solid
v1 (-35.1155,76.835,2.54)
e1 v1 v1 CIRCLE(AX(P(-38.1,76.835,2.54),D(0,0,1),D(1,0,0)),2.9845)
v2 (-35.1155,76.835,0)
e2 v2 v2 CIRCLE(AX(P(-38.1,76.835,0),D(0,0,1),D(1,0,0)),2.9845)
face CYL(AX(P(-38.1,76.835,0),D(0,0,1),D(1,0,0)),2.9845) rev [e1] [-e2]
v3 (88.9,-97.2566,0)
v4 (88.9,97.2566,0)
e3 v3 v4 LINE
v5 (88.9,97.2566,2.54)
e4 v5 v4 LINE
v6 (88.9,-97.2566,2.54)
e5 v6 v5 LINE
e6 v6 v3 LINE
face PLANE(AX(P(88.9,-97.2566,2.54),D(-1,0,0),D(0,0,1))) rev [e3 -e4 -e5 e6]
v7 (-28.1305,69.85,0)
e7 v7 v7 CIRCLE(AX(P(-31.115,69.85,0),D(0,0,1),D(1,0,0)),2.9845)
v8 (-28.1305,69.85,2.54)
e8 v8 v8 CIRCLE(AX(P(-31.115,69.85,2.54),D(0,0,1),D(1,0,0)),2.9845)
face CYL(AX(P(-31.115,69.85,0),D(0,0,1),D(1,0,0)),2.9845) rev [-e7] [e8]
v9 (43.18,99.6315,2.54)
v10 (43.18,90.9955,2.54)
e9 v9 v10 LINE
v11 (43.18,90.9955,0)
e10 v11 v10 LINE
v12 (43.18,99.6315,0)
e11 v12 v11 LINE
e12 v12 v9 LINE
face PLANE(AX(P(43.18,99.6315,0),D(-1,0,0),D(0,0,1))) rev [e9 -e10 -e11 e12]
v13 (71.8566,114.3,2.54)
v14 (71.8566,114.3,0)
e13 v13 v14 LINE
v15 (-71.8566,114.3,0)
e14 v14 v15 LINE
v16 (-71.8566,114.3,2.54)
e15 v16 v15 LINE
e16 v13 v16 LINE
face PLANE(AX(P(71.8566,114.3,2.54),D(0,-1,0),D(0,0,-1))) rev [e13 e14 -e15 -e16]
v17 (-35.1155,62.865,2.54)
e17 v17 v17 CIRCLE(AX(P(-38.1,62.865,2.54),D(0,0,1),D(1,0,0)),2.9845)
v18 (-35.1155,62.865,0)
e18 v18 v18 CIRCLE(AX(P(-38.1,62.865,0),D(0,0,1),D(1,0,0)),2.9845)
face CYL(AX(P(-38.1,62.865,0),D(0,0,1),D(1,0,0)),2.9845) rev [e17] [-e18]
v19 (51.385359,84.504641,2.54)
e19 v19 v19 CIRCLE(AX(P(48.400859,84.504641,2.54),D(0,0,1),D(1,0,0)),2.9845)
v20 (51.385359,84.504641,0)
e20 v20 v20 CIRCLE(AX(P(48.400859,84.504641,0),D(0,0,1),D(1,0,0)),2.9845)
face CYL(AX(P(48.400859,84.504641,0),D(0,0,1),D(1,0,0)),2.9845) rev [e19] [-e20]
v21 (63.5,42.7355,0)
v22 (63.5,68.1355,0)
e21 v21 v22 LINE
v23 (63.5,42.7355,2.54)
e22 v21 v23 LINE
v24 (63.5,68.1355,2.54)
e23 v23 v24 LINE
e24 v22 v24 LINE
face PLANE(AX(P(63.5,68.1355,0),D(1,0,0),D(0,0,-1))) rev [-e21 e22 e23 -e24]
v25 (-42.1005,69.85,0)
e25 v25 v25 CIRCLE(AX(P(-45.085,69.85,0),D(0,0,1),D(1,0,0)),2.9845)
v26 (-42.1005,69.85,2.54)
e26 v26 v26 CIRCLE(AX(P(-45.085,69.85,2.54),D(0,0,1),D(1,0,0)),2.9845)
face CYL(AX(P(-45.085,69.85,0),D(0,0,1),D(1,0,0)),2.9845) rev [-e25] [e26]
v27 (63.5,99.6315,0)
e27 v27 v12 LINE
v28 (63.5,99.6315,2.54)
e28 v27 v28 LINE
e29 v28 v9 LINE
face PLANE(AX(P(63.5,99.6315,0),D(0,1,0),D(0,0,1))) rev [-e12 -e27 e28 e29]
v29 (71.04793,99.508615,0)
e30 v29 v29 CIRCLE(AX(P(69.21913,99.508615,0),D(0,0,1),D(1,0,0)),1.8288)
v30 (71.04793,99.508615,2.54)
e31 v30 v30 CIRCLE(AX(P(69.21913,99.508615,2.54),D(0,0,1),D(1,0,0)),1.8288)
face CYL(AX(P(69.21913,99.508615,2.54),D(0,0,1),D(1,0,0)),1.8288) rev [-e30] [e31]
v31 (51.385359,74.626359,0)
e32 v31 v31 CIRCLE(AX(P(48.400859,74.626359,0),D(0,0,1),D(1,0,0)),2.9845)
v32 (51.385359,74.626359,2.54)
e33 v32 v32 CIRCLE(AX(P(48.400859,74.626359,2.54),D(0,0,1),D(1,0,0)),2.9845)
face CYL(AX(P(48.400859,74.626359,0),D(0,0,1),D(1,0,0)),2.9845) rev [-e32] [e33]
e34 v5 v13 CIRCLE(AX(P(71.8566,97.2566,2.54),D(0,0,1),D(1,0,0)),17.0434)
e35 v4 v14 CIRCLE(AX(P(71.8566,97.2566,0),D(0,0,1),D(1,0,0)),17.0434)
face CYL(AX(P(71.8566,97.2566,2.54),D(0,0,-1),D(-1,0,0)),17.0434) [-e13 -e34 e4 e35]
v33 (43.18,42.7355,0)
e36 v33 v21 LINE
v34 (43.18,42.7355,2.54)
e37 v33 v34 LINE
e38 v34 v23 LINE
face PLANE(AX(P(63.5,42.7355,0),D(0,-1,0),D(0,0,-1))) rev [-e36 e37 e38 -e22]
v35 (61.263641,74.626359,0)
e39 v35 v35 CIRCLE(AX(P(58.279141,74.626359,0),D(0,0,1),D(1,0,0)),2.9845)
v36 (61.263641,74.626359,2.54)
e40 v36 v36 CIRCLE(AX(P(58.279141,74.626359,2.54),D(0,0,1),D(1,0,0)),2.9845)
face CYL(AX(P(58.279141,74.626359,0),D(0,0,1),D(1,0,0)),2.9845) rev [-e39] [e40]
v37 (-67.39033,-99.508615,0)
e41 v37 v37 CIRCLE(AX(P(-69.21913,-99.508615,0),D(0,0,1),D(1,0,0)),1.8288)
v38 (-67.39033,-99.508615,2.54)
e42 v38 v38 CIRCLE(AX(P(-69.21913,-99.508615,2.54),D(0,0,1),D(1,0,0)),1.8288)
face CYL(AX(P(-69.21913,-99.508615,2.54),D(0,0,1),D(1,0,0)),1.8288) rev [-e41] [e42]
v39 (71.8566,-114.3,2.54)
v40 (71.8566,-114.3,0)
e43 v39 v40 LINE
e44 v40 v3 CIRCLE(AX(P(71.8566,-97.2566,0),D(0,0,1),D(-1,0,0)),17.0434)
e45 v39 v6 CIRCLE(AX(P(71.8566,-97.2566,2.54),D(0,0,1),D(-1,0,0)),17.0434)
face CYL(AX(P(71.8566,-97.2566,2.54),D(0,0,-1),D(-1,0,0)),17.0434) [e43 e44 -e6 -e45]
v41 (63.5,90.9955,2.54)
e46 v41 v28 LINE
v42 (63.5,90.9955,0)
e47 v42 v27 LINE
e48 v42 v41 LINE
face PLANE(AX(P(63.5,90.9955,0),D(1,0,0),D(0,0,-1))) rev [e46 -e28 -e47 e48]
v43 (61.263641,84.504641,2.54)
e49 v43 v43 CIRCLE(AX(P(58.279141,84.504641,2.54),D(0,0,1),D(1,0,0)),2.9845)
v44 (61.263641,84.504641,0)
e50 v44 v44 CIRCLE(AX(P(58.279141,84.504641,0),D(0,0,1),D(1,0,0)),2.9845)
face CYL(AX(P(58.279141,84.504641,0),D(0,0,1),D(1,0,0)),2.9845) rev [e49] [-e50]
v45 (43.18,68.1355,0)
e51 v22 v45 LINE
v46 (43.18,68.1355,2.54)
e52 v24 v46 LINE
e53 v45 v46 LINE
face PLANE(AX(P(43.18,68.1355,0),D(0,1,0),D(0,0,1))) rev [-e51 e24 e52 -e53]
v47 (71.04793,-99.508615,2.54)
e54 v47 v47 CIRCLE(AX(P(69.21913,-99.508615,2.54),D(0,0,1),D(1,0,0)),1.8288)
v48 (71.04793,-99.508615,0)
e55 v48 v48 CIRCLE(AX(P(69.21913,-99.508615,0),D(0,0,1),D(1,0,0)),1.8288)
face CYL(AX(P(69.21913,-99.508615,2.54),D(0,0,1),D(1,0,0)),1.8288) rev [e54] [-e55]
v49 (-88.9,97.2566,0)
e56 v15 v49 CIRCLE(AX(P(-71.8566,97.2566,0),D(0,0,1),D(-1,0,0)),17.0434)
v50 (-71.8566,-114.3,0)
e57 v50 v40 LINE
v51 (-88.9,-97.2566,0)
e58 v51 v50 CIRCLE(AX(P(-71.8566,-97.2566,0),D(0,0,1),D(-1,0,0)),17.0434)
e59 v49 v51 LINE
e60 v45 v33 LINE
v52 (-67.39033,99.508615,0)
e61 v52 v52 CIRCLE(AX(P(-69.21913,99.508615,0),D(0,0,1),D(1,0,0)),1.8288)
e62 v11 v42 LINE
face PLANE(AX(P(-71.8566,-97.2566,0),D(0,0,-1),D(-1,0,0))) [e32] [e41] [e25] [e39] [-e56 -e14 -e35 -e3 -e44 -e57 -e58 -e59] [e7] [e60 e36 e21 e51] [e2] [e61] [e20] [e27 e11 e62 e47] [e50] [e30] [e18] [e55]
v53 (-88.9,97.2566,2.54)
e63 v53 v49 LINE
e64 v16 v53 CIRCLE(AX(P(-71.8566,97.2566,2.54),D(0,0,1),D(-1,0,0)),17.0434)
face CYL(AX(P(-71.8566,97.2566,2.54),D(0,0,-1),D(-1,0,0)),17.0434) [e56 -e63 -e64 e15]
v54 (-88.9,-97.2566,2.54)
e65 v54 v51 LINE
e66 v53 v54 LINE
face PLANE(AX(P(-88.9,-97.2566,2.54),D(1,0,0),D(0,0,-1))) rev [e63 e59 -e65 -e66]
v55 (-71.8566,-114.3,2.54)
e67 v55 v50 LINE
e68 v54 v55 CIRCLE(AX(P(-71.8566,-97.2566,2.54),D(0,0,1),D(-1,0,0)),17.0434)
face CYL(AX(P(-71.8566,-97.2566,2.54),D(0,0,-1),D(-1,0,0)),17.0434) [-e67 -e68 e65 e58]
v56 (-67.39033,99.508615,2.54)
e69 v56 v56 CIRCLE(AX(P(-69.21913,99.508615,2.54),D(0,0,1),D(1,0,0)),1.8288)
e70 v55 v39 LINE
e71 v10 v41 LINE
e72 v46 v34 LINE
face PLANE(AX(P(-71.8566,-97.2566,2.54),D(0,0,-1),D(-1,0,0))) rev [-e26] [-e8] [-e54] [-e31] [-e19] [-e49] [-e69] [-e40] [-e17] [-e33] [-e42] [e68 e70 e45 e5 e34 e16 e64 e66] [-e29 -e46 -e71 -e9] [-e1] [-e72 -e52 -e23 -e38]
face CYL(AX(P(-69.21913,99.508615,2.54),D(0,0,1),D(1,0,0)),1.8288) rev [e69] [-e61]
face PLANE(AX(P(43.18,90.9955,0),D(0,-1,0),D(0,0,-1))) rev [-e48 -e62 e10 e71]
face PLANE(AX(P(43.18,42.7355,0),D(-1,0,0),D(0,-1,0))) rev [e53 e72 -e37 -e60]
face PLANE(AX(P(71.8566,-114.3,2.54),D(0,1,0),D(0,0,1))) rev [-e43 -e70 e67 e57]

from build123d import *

# Parameters (mm, degrees)
BOSS_EXTRUDE1_DEPTH         = 2.54
SKETCH6_R                   = 2.9845
SKETCH6_W                   = 20.32
SKETCH6_H                   = 25.4
SKETCH6_H_2                 = 8.636
CUT_EXTRUDE1_DEPTH          = 3.54
F_27_0_144_DIAMETER_HOLE1_D = 3.6576


with BuildPart() as part:
    # Sketch1 → Boss-Extrude1 (new body)
    with BuildSketch(Plane(origin=(0, 0, 0), x_dir=(0, 1, 0), z_dir=(0, 0, 1))):
        with BuildLine():
            Line((-97.2566, -88.9), (97.2566, -88.9))
            ThreePointArc((97.2566, -88.9), (109.308103714, -83.908103714), (114.3, -71.8566))
            Line((114.3, -71.8566), (114.3, 71.8566))
            ThreePointArc((114.3, 71.8566), (109.308103714, 83.908103714), (97.2566, 88.9))
            Line((97.2566, 88.9), (-97.2566, 88.9))
            ThreePointArc((-97.2566, 88.9), (-109.308103714, 83.908103714), (-114.3, 71.8566))
            Line((-114.3, 71.8566), (-114.3, -71.8566))
            ThreePointArc((-114.3, -71.8566), (-109.308103714, -83.908103714), (-97.2566, -88.9))
        make_face()
    extrude(amount=BOSS_EXTRUDE1_DEPTH)

    # Sketch6 → Cut-Extrude1 (cut, through all)
    with BuildSketch(Plane.XY.offset(2.54)):
        with Locations((58.279140867, 84.504640867)):
            Circle(SKETCH6_R)
        with Locations((58.279140867, 74.626359133)):
            Circle(SKETCH6_R)
        with Locations((48.400859133, 74.626359133)):
            Circle(SKETCH6_R)
        with Locations((48.400859133, 84.504640867)):
            Circle(SKETCH6_R)
        with Locations((-38.1, 76.835)):
            Circle(SKETCH6_R)
        with Locations((-31.115, 69.85)):
            Circle(SKETCH6_R)
        with Locations((-38.1, 62.865)):
            Circle(SKETCH6_R)
        with Locations((-45.085, 69.85)):
            Circle(SKETCH6_R)
        with Locations((53.34, 55.4355)):
            Rectangle(SKETCH6_W, SKETCH6_H)
        with Locations((53.34, 95.3135)):
            Rectangle(SKETCH6_W, SKETCH6_H_2)
    extrude(amount=-CUT_EXTRUDE1_DEPTH, mode=Mode.SUBTRACT)

    # #27 (0.144) Diameter Hole1 (through all)
    with Locations(Plane.XY.offset(2.54)):
        with Locations((69.21913, 99.508615), (69.21913, -99.508615), (-69.21913, 99.508615), (-69.21913, -99.508615)):
            Hole(F_27_0_144_DIAMETER_HOLE1_D / 2)


solid = part.part
